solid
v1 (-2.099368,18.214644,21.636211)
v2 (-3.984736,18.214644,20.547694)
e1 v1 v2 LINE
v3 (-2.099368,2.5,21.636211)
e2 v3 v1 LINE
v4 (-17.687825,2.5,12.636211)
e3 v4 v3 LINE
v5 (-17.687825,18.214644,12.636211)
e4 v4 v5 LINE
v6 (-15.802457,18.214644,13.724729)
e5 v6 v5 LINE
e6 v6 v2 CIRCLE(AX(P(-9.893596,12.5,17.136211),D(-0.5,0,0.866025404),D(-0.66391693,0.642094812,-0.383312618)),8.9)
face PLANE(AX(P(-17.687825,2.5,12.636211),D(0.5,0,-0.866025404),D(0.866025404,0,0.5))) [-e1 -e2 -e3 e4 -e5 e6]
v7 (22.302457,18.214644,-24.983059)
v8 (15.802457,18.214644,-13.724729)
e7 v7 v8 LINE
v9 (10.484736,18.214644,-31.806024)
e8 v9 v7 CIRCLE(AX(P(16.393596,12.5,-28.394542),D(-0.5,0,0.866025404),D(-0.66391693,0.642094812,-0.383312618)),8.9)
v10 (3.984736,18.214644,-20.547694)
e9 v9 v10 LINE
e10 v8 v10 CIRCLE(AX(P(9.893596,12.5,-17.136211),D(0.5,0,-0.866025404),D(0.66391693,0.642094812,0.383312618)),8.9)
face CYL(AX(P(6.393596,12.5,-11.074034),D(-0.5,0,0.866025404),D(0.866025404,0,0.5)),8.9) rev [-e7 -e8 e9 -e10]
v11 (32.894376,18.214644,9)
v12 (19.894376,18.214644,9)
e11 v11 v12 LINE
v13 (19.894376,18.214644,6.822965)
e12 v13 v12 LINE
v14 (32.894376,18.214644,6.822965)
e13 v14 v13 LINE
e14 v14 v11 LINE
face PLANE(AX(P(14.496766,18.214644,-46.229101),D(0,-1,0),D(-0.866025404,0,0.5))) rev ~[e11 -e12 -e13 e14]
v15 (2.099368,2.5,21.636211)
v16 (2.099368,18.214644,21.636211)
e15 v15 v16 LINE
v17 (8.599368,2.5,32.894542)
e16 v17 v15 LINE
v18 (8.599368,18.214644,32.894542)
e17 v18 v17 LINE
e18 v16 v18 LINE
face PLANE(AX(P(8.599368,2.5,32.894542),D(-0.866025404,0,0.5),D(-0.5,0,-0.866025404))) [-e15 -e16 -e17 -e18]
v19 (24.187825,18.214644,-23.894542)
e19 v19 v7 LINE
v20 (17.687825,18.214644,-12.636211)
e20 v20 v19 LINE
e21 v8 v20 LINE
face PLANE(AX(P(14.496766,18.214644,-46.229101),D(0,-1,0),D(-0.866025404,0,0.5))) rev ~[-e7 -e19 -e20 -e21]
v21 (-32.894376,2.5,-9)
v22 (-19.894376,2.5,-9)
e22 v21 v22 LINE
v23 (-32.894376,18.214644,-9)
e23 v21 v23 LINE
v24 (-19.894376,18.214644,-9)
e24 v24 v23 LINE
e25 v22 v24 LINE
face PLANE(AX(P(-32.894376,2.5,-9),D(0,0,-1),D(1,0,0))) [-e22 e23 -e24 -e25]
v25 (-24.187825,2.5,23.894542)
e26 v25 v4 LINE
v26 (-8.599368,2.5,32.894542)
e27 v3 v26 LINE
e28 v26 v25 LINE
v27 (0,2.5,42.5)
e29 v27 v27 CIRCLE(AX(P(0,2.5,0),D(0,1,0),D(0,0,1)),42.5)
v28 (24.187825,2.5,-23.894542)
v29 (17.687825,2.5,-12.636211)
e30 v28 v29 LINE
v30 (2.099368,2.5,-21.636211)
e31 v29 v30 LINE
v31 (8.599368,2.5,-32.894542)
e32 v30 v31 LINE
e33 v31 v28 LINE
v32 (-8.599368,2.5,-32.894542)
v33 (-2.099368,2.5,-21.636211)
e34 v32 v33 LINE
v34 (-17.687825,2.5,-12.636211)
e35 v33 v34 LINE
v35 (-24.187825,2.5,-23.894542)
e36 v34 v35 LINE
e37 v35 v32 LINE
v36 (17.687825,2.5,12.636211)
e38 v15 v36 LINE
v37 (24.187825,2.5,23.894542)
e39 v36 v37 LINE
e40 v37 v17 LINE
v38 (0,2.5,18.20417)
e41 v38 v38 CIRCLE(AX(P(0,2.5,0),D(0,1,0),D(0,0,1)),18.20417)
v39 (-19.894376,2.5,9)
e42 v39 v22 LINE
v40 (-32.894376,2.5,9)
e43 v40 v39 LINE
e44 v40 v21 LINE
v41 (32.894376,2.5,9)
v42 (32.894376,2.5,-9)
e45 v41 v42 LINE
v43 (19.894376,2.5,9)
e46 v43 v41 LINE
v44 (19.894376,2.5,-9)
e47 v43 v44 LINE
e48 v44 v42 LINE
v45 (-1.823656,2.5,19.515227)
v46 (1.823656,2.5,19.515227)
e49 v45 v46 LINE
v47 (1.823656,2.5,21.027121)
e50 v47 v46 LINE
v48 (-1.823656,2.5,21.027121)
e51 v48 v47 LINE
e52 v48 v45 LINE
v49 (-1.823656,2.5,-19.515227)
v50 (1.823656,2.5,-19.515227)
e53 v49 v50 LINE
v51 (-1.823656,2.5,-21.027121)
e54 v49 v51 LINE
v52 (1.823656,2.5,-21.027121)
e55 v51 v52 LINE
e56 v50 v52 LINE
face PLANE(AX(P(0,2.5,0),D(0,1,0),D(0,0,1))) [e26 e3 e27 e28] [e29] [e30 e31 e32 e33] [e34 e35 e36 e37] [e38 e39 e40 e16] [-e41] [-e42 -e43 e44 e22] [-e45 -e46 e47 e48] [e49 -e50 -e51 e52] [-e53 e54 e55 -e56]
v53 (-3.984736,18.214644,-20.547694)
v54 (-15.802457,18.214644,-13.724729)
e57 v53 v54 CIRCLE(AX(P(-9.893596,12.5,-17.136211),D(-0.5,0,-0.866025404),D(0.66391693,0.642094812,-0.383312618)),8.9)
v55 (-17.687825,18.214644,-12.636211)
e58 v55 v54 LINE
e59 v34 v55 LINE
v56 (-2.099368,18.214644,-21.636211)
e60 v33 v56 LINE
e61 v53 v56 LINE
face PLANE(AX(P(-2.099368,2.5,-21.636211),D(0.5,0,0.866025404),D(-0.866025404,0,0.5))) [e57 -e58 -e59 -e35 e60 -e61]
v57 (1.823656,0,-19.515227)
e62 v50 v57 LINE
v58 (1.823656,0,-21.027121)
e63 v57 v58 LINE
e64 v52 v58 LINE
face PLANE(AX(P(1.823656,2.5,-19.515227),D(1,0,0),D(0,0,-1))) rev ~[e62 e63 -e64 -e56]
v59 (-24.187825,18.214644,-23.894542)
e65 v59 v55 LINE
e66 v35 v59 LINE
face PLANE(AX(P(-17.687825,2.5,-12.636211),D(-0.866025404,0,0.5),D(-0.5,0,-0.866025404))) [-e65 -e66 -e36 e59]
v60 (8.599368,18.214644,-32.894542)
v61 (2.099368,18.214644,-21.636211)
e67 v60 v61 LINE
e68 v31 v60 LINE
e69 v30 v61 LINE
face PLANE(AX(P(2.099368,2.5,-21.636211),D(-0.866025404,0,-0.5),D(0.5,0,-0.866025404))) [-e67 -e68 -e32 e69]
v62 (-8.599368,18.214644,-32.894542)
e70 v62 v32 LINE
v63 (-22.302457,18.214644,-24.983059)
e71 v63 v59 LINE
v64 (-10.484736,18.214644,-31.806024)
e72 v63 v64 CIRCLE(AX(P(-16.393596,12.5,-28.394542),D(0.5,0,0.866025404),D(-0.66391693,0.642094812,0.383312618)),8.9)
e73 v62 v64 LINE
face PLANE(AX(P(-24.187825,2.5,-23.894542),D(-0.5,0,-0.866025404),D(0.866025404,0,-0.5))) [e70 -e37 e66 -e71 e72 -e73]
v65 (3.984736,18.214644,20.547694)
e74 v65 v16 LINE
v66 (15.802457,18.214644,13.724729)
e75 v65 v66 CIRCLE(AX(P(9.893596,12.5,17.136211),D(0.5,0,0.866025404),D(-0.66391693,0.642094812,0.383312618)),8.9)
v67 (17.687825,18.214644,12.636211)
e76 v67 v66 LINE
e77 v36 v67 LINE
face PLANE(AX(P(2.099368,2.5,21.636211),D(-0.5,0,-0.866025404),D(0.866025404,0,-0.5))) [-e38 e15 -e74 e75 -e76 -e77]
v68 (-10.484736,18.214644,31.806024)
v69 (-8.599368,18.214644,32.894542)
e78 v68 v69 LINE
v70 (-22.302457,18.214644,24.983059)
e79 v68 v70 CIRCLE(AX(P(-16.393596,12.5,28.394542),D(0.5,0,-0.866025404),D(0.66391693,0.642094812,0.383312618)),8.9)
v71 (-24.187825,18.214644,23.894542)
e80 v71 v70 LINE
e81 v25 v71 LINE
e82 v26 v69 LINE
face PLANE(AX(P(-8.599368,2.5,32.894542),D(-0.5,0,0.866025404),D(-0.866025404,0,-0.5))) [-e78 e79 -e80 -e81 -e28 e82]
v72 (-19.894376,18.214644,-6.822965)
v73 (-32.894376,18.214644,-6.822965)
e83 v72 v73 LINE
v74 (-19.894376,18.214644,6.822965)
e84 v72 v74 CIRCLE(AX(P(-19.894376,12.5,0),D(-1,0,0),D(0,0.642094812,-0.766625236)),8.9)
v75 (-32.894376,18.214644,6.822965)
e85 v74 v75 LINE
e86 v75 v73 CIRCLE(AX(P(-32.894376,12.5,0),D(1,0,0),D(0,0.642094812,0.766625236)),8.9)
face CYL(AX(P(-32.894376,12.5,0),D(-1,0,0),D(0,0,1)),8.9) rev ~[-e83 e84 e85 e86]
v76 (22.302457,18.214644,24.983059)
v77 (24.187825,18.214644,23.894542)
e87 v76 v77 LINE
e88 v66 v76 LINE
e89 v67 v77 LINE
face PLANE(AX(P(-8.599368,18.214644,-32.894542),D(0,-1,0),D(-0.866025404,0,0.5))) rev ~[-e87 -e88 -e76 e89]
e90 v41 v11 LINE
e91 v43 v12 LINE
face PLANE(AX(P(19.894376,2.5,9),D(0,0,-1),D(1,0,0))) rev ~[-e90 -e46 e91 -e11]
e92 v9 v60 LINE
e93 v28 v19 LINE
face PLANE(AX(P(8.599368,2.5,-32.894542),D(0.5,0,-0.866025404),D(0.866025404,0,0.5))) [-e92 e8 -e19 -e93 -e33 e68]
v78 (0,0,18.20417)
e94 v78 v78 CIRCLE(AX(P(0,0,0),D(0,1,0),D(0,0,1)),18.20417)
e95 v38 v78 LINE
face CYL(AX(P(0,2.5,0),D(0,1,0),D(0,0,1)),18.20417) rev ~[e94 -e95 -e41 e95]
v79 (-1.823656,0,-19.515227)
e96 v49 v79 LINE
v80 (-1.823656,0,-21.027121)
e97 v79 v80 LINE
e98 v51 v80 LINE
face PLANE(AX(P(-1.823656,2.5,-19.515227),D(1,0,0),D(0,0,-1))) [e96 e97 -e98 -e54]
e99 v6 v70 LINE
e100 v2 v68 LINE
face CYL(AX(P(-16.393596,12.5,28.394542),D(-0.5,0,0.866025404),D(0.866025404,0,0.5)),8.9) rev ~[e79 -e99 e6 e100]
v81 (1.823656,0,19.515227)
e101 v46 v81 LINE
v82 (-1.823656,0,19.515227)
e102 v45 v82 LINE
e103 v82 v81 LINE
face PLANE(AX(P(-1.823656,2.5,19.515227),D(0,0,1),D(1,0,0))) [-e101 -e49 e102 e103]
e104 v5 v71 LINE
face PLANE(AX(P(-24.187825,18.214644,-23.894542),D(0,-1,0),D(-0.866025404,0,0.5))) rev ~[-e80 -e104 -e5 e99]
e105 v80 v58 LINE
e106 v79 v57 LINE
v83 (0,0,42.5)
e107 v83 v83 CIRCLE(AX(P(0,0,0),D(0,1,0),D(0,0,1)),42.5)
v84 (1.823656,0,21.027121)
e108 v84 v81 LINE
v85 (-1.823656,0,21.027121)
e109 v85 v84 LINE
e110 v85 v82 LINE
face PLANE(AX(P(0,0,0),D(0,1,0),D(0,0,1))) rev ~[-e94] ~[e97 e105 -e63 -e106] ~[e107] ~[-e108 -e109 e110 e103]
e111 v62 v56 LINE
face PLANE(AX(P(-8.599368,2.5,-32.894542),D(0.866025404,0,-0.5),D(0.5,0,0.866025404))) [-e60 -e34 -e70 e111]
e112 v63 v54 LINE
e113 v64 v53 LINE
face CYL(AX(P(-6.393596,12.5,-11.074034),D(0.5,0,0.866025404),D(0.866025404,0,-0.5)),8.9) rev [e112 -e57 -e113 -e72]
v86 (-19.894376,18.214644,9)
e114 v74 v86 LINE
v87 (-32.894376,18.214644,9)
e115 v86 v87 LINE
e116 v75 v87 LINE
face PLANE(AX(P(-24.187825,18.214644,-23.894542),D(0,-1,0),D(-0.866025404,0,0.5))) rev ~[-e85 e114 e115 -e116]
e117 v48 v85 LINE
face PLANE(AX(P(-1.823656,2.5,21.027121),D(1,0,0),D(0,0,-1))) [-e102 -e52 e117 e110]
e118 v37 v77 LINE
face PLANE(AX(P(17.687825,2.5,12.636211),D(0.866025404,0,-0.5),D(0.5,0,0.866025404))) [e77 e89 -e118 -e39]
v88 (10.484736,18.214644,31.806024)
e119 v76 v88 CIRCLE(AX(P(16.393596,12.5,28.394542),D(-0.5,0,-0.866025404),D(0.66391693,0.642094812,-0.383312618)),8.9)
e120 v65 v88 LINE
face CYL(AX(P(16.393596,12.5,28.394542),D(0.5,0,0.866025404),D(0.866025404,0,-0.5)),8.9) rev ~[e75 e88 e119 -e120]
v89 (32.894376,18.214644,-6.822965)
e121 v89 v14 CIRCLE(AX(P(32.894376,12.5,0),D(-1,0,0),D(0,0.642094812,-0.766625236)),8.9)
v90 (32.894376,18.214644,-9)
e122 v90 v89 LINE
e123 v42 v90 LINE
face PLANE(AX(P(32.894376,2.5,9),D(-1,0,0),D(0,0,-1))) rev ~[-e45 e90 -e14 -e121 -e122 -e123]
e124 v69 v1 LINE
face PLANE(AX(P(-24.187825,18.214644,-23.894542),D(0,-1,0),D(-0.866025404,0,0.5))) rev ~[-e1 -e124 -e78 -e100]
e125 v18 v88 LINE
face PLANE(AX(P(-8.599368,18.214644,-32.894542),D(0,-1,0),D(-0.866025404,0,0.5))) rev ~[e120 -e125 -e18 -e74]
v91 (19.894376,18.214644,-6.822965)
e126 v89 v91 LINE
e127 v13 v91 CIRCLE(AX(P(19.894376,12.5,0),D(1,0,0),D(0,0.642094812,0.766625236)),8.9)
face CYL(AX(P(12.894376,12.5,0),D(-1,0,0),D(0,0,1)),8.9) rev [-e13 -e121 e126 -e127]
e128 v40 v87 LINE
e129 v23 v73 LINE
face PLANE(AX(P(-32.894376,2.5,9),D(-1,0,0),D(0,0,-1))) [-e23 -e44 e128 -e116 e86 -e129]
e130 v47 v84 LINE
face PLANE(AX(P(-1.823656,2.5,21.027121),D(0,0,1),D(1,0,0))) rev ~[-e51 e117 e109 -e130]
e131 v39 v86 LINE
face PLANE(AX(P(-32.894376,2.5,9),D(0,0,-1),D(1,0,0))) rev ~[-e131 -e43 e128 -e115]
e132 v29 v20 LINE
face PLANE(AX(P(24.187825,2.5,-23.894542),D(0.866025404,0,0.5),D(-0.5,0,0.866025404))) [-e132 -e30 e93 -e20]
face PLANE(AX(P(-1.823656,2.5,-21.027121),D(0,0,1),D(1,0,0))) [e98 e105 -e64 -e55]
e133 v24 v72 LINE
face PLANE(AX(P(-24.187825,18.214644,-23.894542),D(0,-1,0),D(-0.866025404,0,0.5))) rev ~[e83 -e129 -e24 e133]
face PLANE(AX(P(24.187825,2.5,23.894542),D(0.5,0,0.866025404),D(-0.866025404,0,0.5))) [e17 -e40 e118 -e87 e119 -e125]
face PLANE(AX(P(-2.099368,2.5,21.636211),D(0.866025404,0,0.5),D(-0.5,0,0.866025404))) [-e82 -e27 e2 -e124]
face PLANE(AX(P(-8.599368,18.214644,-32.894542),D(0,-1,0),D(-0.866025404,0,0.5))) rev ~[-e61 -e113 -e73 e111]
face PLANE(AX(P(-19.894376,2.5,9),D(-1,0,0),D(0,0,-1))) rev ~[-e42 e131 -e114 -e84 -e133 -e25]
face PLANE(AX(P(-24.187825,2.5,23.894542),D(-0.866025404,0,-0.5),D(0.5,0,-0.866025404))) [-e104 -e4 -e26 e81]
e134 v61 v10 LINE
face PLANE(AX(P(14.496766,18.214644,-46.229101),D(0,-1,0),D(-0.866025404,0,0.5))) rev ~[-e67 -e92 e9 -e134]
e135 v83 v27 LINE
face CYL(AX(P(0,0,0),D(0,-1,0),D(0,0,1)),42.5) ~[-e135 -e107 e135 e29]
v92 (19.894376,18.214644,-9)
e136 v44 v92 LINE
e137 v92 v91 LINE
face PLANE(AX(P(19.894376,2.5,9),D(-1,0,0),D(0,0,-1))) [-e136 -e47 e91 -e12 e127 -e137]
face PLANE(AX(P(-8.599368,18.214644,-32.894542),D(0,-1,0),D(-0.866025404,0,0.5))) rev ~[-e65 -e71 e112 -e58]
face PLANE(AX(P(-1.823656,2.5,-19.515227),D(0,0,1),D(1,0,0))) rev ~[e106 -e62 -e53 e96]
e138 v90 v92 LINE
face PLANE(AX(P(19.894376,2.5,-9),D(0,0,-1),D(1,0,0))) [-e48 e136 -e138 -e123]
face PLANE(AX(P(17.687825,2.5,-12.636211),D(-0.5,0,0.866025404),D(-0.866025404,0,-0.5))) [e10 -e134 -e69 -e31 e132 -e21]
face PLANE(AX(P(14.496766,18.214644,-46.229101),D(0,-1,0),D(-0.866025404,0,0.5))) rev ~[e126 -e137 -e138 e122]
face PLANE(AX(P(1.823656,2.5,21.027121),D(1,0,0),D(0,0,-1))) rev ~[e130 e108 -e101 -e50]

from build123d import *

# Parameters (mm, degrees)
SKETCH1_R           = 42.5
BOSS_EXTRUDE1_DEPTH = 2.5
SKETCH3_W           = 13
SKETCH3_H           = 18
BOSS_EXTRUDE2_DEPTH = 20
SKETCH4_R           = 8.9
CUT_EXTRUDE2_DEPTH  = 20
SKETCH5_R           = 8.9
CUT_EXTRUDE3_DEPTH  = 20
SKETCH6_R           = 8.9
CUT_EXTRUDE4_DEPTH  = 20
CUT_EXTRUDE5_START  = -20
SKETCH7_R           = 8.9
CUT_EXTRUDE5_DEPTH  = 20
CUT_EXTRUDE6_START  = -20
SKETCH8_R           = 8.9
CUT_EXTRUDE6_DEPTH  = 20
CUT_EXTRUDE7_START  = -20
SKETCH9_R           = 8.9
CUT_EXTRUDE7_DEPTH  = 20
CUT_EXTRUDE8_DEPTH  = 76.388
SKETCH11_W          = 18
SKETCH11_H          = 4.285356177
CUT_EXTRUDE9_DEPTH  = 76.388
SKETCH12_R          = 18.204170311
CUT_EXTRUDE10_DEPTH = 76.388
SKETCH16_W          = 3.647311836
SKETCH16_H          = 1.511893876
CUT_EXTRUDE13_DEPTH = 101.6


with BuildPart() as part:
    # Sketch1 → Boss-Extrude1 (new body)
    with BuildSketch(Plane(origin=(0, 0, 0), x_dir=(1, 0, 0), z_dir=(0, 1, 0))):
        Circle(SKETCH1_R)
    extrude(amount=BOSS_EXTRUDE1_DEPTH)

    # Sketch3 → Boss-Extrude2 (add)
    with BuildSketch(Plane(origin=(0, 2.5, 0), x_dir=(1, 0, 0), z_dir=(0, 1, 0))):
        with Locations((-26.394376419, 0)):
            Rectangle(SKETCH3_W, SKETCH3_H)
        with Locations((26.394376419, 0)):
            Rectangle(SKETCH3_W, SKETCH3_H)
        Polygon((-8.599367677, 32.894541729), (-2.099367677, 21.63621148), (-17.687824945, 12.63621148), (-24.187824945, 23.894541729), align=None)
        Polygon((8.599367677, 32.894541729), (24.187824945, 23.894541729), (17.687824945, 12.63621148), (2.099367677, 21.63621148), align=None)
        Polygon((8.599367677, -32.894541729), (2.099367677, -21.63621148), (17.687824945, -12.63621148), (24.187824945, -23.894541729), align=None)
        Polygon((-8.599367677, -32.894541729), (-24.187824945, -23.894541729), (-17.687824945, -12.63621148), (-2.099367677, -21.63621148), align=None)
    extrude(amount=BOSS_EXTRUDE2_DEPTH)

    # Sketch4 → Cut-Extrude2 (cut)
    with BuildSketch(Plane.ZY.offset(32.894376419)):
        with Locations((0, 12.5)):
            Circle(SKETCH4_R)
    extrude(amount=-CUT_EXTRUDE2_DEPTH, mode=Mode.SUBTRACT)

    # Sketch5 → Cut-Extrude3 (cut)
    with BuildSketch(Plane(origin=(-16.393596311, 0, 28.394541729), x_dir=(0.8660254037844386, 0, 0.5000000000000003), z_dir=(-0.5000000000000003, 0, 0.8660254037844386))):
        with Locations((0, 12.5)):
            Circle(SKETCH5_R)
    extrude(amount=-CUT_EXTRUDE3_DEPTH, mode=Mode.SUBTRACT)

    # Sketch6 → Cut-Extrude4 (cut)
    with BuildSketch(Plane(origin=(16.393596311, 0, 28.394541729), x_dir=(0.8660254037844386, 0, -0.5000000000000003), z_dir=(0.5000000000000003, 0, 0.8660254037844386))):
        with Locations((0, 12.5)):
            Circle(SKETCH6_R)
    extrude(amount=-CUT_EXTRUDE4_DEPTH, mode=Mode.SUBTRACT)

    # Sketch7 → Cut-Extrude5 (cut)
    with BuildSketch(Plane(origin=(32.894376419, 0, 0), x_dir=(0, 0, -1), z_dir=(1, 0, 0)).offset(CUT_EXTRUDE5_START)):
        with Locations((0, 12.5)):
            Circle(SKETCH7_R)
    extrude(amount=CUT_EXTRUDE5_DEPTH, mode=Mode.SUBTRACT)

    # Sketch8 → Cut-Extrude6 (cut)
    with BuildSketch(Plane(origin=(16.393596311, 0, -28.394541729), x_dir=(-0.8660254037844386, 0, -0.5000000000000003), z_dir=(0.5000000000000003, 0, -0.8660254037844386)).offset(CUT_EXTRUDE6_START)):
        with Locations((0, 12.5)):
            Circle(SKETCH8_R)
    extrude(amount=CUT_EXTRUDE6_DEPTH, mode=Mode.SUBTRACT)

    # Sketch9 → Cut-Extrude7 (cut)
    with BuildSketch(Plane(origin=(-16.393596311, 0, -28.394541729), x_dir=(-0.8660254037844386, 0, 0.5000000000000003), z_dir=(-0.5000000000000003, 0, -0.8660254037844386)).offset(CUT_EXTRUDE7_START)):
        with Locations((0, 12.5)):
            Circle(SKETCH9_R)
    extrude(amount=CUT_EXTRUDE7_DEPTH, mode=Mode.SUBTRACT)

    # Sketch10 → Cut-Extrude8 (cut)
    with BuildSketch(Plane(origin=(-16.393596311, 0, -28.394541729), x_dir=(-0.8660254037844386, 0, 0.5000000000000003), z_dir=(-0.5000000000000003, 0, -0.8660254037844386))):
        Polygon((-35.669118209, 18.214643823), (-9, 18.214643823), (-9, 22.5), (9, 22.5), (9, 18.214643823), (33.747549551, 18.214643823), (33.747549551, 25.559573076), (-35.669118209, 25.559573076), align=None)
    extrude(amount=-CUT_EXTRUDE8_DEPTH, mode=Mode.SUBTRACT)

    # Sketch11 → Cut-Extrude9 (cut)
    with BuildSketch(Plane(origin=(-16.393596311, 0, -28.394541729), x_dir=(-0.8660254037844386, 0, 0.5000000000000003), z_dir=(-0.5000000000000003, 0, -0.8660254037844386))):
        with Locations((0, 20.357321912)):
            Rectangle(SKETCH11_W, SKETCH11_H)
    extrude(amount=-CUT_EXTRUDE9_DEPTH, mode=Mode.SUBTRACT)

    # Sketch12 → Cut-Extrude10 (cut)
    with BuildSketch(Plane(origin=(0, 2.5, 0), x_dir=(1, 0, 0), z_dir=(0, 1, 0))):
        Circle(SKETCH12_R)
    extrude(amount=-CUT_EXTRUDE10_DEPTH, mode=Mode.SUBTRACT)

    # Sketch16 → Cut-Extrude13 (cut)
    with BuildSketch(Plane(origin=(0, 2.5, 0), x_dir=(1, 0, 0), z_dir=(0, 1, 0))):
        with Locations((0, -20.271174186)):
            Rectangle(SKETCH16_W, SKETCH16_H)
        with Locations((0, 20.271174186)):
            Rectangle(SKETCH16_W, SKETCH16_H)
    extrude(amount=-CUT_EXTRUDE13_DEPTH, mode=Mode.SUBTRACT)


solid = part.part
